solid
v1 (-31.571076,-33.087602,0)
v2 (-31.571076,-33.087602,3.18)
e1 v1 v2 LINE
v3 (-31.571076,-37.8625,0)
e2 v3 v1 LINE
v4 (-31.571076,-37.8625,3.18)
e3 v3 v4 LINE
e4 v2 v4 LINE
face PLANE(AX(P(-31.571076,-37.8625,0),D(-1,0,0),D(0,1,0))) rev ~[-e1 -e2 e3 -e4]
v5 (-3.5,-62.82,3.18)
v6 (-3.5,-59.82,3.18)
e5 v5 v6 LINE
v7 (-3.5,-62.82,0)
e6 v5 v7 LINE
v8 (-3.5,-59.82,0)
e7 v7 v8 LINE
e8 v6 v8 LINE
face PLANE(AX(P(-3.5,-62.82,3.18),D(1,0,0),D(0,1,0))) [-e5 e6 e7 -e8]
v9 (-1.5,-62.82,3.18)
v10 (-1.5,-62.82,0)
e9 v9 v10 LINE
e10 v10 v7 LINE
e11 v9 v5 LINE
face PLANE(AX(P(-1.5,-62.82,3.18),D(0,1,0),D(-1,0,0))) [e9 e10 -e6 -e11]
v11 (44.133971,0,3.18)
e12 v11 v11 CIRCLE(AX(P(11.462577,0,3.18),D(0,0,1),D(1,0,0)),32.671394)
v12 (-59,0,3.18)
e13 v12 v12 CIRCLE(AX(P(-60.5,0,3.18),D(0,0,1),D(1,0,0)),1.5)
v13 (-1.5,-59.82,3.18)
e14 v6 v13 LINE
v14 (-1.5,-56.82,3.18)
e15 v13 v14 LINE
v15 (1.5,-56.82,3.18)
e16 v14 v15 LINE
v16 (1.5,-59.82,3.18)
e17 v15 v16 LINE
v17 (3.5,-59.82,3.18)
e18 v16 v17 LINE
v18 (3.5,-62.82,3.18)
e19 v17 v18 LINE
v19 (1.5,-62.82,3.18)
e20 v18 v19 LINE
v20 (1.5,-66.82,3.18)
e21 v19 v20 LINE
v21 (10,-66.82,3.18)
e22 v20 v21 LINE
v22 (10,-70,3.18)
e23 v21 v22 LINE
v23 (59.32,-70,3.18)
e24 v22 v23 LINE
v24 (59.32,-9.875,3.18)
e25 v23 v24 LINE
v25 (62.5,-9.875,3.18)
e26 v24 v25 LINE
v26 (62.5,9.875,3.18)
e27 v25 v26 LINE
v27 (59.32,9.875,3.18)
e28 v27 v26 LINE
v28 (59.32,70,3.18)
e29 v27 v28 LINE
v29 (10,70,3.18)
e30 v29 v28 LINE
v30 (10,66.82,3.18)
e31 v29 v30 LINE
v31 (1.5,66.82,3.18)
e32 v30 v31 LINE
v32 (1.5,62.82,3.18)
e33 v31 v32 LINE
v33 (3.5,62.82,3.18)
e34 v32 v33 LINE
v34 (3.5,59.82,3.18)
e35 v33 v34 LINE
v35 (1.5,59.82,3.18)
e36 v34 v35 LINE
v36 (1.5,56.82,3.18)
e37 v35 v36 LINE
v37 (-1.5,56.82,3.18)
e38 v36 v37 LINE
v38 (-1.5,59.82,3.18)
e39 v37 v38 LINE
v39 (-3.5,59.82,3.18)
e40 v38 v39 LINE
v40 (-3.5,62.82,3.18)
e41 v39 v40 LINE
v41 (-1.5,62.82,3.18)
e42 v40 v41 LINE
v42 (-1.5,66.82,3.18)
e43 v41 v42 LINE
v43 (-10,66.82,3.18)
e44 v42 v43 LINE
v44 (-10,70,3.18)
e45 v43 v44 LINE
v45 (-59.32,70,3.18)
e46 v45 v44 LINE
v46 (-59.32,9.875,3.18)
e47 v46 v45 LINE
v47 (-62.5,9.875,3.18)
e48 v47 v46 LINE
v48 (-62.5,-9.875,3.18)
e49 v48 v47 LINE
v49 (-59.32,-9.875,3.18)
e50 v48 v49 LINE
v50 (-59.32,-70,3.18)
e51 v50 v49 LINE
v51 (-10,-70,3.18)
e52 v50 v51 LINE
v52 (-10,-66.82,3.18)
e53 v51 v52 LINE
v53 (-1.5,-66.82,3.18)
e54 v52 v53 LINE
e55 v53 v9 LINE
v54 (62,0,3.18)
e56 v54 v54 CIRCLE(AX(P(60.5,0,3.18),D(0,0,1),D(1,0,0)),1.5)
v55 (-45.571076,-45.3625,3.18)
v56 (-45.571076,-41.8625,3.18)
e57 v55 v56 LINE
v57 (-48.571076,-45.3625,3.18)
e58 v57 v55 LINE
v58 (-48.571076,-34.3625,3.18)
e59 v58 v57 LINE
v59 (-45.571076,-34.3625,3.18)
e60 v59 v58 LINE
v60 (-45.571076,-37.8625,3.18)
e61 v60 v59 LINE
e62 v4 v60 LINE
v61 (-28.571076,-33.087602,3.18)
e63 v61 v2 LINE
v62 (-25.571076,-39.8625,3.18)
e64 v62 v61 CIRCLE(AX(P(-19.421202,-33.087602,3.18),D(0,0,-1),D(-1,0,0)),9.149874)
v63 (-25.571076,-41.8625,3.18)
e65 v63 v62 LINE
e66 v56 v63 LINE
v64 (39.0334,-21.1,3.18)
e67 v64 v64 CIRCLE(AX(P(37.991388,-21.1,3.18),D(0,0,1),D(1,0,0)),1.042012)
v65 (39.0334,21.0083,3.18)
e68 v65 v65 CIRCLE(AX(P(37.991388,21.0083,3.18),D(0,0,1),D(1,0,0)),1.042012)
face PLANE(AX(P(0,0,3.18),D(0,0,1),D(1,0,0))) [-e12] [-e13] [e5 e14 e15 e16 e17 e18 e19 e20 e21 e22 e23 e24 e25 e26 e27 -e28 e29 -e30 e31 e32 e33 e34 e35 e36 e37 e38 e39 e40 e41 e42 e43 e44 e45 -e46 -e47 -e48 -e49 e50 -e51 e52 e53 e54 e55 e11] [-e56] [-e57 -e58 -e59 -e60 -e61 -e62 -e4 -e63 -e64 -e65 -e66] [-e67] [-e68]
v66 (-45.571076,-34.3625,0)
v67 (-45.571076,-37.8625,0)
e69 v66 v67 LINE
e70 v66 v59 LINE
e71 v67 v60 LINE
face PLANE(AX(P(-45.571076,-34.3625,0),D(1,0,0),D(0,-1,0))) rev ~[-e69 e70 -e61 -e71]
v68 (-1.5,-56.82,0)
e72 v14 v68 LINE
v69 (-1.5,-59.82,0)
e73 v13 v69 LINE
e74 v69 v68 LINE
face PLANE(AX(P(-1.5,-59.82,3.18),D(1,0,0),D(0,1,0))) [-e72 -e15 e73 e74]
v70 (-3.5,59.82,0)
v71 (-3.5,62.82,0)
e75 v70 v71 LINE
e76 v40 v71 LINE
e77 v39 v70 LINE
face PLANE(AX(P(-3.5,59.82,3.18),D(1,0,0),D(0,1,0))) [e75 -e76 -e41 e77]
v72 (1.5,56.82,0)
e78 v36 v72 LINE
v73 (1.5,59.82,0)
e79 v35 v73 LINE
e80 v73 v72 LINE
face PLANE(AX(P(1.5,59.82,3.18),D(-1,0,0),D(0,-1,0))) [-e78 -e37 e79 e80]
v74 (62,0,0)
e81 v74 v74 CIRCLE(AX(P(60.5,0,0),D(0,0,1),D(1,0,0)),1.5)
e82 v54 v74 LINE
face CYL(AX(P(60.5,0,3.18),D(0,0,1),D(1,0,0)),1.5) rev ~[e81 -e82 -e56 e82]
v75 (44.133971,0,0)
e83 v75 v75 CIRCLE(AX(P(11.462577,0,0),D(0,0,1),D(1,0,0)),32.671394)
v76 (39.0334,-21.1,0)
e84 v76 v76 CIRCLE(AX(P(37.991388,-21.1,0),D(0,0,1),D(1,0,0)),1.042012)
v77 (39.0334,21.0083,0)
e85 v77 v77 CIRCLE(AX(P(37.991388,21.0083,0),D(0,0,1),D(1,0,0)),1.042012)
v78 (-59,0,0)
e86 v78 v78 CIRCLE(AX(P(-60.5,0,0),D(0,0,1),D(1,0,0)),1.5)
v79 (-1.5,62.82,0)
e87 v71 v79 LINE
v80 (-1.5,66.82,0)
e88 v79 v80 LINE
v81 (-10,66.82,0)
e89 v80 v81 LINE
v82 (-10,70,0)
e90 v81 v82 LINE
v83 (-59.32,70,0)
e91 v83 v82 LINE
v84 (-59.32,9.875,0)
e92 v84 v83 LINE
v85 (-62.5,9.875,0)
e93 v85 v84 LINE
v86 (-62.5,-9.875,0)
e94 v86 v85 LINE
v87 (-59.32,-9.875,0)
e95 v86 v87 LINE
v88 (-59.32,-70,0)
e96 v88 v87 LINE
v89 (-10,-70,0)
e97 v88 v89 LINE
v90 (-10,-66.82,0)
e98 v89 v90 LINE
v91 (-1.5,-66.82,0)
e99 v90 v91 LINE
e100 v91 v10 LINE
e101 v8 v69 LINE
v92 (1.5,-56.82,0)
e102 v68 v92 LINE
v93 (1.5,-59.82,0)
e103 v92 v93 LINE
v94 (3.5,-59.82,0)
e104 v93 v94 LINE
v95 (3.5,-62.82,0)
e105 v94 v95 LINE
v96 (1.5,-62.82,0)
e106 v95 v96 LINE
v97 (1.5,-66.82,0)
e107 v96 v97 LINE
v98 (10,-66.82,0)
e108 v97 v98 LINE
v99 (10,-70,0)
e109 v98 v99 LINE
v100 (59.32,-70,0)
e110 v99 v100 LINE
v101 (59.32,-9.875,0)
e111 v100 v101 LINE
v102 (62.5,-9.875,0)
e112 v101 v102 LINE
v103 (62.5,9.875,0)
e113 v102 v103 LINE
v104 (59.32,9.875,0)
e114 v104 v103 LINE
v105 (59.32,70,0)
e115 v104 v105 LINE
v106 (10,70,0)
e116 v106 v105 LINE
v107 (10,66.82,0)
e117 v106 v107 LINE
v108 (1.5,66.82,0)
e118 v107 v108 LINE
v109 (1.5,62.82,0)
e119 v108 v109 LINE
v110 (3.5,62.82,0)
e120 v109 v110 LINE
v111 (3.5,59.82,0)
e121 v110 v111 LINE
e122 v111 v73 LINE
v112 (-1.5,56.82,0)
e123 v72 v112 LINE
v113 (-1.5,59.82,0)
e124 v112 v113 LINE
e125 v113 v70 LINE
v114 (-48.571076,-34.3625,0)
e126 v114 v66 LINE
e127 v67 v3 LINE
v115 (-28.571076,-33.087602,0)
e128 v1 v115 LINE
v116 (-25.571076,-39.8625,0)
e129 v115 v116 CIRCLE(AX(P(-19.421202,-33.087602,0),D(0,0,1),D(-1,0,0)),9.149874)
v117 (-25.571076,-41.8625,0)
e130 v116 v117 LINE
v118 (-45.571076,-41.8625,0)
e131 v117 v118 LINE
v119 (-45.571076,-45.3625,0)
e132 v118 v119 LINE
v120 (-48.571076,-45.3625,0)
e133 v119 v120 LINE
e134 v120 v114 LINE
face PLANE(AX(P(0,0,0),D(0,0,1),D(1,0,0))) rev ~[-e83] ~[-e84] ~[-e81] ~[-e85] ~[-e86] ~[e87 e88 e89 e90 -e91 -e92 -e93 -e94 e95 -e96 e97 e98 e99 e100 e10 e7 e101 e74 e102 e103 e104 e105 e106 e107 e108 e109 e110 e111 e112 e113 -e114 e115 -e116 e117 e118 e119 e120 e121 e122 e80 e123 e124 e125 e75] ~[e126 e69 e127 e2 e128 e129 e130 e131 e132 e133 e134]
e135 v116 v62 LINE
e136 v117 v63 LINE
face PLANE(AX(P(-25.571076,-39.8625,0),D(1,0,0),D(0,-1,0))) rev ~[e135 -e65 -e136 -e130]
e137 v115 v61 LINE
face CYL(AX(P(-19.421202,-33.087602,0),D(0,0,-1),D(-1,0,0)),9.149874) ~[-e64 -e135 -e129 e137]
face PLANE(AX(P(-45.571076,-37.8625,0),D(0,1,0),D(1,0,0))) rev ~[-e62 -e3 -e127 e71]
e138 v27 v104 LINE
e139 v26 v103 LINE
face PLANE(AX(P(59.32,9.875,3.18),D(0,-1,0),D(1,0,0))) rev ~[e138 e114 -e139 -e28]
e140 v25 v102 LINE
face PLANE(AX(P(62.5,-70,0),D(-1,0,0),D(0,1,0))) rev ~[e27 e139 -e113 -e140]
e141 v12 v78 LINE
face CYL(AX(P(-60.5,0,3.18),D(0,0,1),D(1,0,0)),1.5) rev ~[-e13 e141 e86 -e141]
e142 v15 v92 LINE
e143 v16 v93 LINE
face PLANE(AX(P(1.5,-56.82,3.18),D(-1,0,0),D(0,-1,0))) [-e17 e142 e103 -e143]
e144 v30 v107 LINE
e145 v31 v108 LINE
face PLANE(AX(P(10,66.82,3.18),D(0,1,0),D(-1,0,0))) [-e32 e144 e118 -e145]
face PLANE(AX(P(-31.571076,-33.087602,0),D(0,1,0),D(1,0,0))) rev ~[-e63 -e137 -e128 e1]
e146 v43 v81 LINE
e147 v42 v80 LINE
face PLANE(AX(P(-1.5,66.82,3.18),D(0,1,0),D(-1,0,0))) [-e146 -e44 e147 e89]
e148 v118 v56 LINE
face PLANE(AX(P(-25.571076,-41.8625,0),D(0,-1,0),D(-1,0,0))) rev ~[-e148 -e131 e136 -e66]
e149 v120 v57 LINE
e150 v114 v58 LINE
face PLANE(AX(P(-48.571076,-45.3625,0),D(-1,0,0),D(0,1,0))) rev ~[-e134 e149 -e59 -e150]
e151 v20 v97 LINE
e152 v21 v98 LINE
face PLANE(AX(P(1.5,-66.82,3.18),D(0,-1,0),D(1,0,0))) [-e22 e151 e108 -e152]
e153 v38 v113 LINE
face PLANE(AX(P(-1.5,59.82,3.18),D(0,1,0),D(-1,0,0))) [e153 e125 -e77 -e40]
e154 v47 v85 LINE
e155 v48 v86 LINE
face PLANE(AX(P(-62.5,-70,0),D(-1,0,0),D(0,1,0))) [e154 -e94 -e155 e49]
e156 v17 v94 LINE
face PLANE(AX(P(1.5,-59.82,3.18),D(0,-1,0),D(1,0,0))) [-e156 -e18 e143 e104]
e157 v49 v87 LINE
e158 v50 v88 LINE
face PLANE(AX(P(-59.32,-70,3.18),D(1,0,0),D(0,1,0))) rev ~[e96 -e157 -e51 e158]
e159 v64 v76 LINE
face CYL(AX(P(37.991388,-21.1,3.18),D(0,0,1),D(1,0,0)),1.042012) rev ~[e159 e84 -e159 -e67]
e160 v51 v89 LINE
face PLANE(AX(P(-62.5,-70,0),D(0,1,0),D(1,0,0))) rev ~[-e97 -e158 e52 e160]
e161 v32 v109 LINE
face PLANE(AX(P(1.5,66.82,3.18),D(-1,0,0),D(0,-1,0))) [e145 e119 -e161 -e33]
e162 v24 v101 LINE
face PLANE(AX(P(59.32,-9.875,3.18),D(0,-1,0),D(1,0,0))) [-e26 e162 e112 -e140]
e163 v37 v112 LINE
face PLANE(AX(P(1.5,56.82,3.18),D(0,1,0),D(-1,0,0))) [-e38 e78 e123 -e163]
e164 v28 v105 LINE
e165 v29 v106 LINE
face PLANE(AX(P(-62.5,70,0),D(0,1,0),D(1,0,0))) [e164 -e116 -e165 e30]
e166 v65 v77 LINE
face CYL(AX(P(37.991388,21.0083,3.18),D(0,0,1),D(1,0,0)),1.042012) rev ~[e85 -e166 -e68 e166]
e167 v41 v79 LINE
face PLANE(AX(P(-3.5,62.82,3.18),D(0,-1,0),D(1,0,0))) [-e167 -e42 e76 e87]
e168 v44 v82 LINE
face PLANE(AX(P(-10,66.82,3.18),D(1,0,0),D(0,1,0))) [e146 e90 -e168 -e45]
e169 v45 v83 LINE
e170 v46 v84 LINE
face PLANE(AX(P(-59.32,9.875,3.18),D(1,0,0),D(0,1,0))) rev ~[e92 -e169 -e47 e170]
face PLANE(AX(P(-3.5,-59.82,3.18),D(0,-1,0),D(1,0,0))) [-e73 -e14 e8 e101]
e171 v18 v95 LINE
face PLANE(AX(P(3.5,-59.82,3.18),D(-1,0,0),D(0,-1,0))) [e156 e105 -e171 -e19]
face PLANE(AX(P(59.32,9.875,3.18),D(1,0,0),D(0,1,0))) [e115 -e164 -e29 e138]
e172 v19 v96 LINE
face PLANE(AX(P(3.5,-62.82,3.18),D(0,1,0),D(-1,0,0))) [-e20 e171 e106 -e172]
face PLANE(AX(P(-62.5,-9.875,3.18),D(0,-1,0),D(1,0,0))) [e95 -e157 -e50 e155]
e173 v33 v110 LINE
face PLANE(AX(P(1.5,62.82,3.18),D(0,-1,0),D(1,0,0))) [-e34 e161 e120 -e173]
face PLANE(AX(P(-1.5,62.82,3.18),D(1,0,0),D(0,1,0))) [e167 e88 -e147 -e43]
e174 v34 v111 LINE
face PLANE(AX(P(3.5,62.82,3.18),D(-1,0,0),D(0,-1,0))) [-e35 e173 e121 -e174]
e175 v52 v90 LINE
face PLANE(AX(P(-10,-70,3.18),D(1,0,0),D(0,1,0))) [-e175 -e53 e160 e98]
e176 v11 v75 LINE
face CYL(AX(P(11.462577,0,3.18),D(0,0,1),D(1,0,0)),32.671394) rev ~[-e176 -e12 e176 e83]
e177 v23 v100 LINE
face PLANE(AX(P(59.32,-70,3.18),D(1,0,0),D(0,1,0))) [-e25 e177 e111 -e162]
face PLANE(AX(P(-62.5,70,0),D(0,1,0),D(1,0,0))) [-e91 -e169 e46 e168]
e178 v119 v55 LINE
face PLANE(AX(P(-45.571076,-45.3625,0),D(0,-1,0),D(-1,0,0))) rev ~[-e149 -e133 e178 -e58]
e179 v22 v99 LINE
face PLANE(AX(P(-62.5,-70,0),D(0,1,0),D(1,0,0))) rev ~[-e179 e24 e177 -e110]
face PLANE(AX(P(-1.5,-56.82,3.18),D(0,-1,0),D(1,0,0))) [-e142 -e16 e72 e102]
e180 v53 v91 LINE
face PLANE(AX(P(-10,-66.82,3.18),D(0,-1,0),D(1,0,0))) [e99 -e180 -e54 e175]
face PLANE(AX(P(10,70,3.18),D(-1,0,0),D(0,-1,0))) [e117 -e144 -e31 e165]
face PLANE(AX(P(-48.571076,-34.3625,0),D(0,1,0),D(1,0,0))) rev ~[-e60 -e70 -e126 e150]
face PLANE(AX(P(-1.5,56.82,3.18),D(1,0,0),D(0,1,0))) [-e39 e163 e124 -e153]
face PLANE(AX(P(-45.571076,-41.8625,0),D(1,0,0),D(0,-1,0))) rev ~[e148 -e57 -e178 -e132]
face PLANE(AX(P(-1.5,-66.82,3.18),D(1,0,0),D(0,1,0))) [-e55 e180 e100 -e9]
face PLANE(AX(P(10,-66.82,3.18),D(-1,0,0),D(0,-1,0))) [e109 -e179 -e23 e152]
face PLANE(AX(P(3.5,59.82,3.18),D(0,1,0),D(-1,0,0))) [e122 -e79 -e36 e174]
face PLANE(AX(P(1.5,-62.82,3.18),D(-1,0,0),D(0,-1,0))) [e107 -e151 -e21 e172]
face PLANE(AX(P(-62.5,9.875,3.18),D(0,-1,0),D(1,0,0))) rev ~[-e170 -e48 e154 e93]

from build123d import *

# Parameters (mm, degrees)
SKETCH1_W           = 125
SKETCH1_H           = 140
BOSS_EXTRUDE1_DEPTH = 3.18
SKETCH2_R           = 1.5
SKETCH2_W           = 3.18
SKETCH2_H           = 60.125
CUT_EXTRUDE1_DEPTH  = 4.18
CUT_EXTRUDE5_DEPTH  = 12
SKETCH5_R           = 32.671394307
CUT_EXTRUDE6_DEPTH  = 10
SKETCH9_R           = 1.042012373
CUT_EXTRUDE8_DEPTH  = 4.18


with BuildPart() as part:
    # Sketch1 → Boss-Extrude1 (new body)
    with BuildSketch(Plane.XY):
        Rectangle(SKETCH1_W, SKETCH1_H)
    extrude(amount=BOSS_EXTRUDE1_DEPTH)

    # Sketch2 → Cut-Extrude1 (cut, through all)
    with BuildSketch(Plane.XY.offset(3.18)):
        with Locations((-60.5, 0)):
            Circle(SKETCH2_R)
        with Locations((60.5, 0)):
            Circle(SKETCH2_R)
        Polygon((-10, 70), (10, 70), (10, 66.82), (1.5, 66.82), (1.5, 62.82), (3.5, 62.82), (3.5, 59.82), (1.5, 59.82), (1.5, 56.82), (-1.5, 56.82), (-1.5, 59.82), (-3.5, 59.82), (-3.5, 62.82), (-1.5, 62.82), (-1.5, 66.82), (-10, 66.82), align=None)
        Polygon((-10, -70), (-10, -66.82), (-1.5, -66.82), (-1.5, -62.82), (-3.5, -62.82), (-3.5, -59.82), (-1.5, -59.82), (-1.5, -56.82), (1.5, -56.82), (1.5, -59.82), (3.5, -59.82), (3.5, -62.82), (1.5, -62.82), (1.5, -66.82), (10, -66.82), (10, -70), align=None)
        with Locations((-60.91, 39.9375)):
            Rectangle(SKETCH2_W, SKETCH2_H)
        with Locations((-60.91, -39.9375)):
            Rectangle(SKETCH2_W, SKETCH2_H)
        with Locations((60.91, -39.9375)):
            Rectangle(SKETCH2_W, SKETCH2_H)
        with Locations((60.91, 39.9375)):
            Rectangle(SKETCH2_W, SKETCH2_H)
    extrude(amount=-CUT_EXTRUDE1_DEPTH, mode=Mode.SUBTRACT)

    # Sketch4 → Cut-Extrude5 (cut)
    with BuildSketch(Plane.XY):
        with BuildLine():
            Line((-25.57107609, -41.8625), (-45.57107609, -41.8625))
            Line((-45.57107609, -41.8625), (-45.57107609, -45.3625))
            Line((-45.57107609, -45.3625), (-48.57107609, -45.3625))
            Line((-48.57107609, -45.3625), (-48.57107609, -34.3625))
            Line((-48.57107609, -34.3625), (-45.57107609, -34.3625))
            Line((-45.57107609, -34.3625), (-45.57107609, -37.8625))
            Line((-45.57107609, -37.8625), (-31.57107609, -37.8625))
            Line((-31.57107609, -37.8625), (-31.57107609, -33.087601989))
            Line((-31.57107609, -33.087601989), (-28.57107609, -33.087601989))
            ThreePointArc((-28.57107609, -33.087601989), (-27.787526444, -36.79230316), (-25.57107609, -39.8625))
            Line((-25.57107609, -39.8625), (-25.57107609, -41.8625))
        make_face()
    extrude(amount=CUT_EXTRUDE5_DEPTH, mode=Mode.SUBTRACT)

    # Sketch5 → Cut-Extrude6 (cut)
    with BuildSketch(Plane.XY.offset(3.18)):
        with Locations((11.462576996, 0)):
            Circle(SKETCH5_R)
    extrude(amount=-CUT_EXTRUDE6_DEPTH, mode=Mode.SUBTRACT)

    # Sketch9 → Cut-Extrude8 (cut, through all)
    with BuildSketch(Plane.XY.offset(3.18)):
        with Locations((37.991387583, -21.1)):
            Circle(SKETCH9_R)
        with Locations((37.991387583, 21.008299604)):
            Circle(SKETCH9_R)
    extrude(amount=-CUT_EXTRUDE8_DEPTH, mode=Mode.SUBTRACT)


solid = part.part
